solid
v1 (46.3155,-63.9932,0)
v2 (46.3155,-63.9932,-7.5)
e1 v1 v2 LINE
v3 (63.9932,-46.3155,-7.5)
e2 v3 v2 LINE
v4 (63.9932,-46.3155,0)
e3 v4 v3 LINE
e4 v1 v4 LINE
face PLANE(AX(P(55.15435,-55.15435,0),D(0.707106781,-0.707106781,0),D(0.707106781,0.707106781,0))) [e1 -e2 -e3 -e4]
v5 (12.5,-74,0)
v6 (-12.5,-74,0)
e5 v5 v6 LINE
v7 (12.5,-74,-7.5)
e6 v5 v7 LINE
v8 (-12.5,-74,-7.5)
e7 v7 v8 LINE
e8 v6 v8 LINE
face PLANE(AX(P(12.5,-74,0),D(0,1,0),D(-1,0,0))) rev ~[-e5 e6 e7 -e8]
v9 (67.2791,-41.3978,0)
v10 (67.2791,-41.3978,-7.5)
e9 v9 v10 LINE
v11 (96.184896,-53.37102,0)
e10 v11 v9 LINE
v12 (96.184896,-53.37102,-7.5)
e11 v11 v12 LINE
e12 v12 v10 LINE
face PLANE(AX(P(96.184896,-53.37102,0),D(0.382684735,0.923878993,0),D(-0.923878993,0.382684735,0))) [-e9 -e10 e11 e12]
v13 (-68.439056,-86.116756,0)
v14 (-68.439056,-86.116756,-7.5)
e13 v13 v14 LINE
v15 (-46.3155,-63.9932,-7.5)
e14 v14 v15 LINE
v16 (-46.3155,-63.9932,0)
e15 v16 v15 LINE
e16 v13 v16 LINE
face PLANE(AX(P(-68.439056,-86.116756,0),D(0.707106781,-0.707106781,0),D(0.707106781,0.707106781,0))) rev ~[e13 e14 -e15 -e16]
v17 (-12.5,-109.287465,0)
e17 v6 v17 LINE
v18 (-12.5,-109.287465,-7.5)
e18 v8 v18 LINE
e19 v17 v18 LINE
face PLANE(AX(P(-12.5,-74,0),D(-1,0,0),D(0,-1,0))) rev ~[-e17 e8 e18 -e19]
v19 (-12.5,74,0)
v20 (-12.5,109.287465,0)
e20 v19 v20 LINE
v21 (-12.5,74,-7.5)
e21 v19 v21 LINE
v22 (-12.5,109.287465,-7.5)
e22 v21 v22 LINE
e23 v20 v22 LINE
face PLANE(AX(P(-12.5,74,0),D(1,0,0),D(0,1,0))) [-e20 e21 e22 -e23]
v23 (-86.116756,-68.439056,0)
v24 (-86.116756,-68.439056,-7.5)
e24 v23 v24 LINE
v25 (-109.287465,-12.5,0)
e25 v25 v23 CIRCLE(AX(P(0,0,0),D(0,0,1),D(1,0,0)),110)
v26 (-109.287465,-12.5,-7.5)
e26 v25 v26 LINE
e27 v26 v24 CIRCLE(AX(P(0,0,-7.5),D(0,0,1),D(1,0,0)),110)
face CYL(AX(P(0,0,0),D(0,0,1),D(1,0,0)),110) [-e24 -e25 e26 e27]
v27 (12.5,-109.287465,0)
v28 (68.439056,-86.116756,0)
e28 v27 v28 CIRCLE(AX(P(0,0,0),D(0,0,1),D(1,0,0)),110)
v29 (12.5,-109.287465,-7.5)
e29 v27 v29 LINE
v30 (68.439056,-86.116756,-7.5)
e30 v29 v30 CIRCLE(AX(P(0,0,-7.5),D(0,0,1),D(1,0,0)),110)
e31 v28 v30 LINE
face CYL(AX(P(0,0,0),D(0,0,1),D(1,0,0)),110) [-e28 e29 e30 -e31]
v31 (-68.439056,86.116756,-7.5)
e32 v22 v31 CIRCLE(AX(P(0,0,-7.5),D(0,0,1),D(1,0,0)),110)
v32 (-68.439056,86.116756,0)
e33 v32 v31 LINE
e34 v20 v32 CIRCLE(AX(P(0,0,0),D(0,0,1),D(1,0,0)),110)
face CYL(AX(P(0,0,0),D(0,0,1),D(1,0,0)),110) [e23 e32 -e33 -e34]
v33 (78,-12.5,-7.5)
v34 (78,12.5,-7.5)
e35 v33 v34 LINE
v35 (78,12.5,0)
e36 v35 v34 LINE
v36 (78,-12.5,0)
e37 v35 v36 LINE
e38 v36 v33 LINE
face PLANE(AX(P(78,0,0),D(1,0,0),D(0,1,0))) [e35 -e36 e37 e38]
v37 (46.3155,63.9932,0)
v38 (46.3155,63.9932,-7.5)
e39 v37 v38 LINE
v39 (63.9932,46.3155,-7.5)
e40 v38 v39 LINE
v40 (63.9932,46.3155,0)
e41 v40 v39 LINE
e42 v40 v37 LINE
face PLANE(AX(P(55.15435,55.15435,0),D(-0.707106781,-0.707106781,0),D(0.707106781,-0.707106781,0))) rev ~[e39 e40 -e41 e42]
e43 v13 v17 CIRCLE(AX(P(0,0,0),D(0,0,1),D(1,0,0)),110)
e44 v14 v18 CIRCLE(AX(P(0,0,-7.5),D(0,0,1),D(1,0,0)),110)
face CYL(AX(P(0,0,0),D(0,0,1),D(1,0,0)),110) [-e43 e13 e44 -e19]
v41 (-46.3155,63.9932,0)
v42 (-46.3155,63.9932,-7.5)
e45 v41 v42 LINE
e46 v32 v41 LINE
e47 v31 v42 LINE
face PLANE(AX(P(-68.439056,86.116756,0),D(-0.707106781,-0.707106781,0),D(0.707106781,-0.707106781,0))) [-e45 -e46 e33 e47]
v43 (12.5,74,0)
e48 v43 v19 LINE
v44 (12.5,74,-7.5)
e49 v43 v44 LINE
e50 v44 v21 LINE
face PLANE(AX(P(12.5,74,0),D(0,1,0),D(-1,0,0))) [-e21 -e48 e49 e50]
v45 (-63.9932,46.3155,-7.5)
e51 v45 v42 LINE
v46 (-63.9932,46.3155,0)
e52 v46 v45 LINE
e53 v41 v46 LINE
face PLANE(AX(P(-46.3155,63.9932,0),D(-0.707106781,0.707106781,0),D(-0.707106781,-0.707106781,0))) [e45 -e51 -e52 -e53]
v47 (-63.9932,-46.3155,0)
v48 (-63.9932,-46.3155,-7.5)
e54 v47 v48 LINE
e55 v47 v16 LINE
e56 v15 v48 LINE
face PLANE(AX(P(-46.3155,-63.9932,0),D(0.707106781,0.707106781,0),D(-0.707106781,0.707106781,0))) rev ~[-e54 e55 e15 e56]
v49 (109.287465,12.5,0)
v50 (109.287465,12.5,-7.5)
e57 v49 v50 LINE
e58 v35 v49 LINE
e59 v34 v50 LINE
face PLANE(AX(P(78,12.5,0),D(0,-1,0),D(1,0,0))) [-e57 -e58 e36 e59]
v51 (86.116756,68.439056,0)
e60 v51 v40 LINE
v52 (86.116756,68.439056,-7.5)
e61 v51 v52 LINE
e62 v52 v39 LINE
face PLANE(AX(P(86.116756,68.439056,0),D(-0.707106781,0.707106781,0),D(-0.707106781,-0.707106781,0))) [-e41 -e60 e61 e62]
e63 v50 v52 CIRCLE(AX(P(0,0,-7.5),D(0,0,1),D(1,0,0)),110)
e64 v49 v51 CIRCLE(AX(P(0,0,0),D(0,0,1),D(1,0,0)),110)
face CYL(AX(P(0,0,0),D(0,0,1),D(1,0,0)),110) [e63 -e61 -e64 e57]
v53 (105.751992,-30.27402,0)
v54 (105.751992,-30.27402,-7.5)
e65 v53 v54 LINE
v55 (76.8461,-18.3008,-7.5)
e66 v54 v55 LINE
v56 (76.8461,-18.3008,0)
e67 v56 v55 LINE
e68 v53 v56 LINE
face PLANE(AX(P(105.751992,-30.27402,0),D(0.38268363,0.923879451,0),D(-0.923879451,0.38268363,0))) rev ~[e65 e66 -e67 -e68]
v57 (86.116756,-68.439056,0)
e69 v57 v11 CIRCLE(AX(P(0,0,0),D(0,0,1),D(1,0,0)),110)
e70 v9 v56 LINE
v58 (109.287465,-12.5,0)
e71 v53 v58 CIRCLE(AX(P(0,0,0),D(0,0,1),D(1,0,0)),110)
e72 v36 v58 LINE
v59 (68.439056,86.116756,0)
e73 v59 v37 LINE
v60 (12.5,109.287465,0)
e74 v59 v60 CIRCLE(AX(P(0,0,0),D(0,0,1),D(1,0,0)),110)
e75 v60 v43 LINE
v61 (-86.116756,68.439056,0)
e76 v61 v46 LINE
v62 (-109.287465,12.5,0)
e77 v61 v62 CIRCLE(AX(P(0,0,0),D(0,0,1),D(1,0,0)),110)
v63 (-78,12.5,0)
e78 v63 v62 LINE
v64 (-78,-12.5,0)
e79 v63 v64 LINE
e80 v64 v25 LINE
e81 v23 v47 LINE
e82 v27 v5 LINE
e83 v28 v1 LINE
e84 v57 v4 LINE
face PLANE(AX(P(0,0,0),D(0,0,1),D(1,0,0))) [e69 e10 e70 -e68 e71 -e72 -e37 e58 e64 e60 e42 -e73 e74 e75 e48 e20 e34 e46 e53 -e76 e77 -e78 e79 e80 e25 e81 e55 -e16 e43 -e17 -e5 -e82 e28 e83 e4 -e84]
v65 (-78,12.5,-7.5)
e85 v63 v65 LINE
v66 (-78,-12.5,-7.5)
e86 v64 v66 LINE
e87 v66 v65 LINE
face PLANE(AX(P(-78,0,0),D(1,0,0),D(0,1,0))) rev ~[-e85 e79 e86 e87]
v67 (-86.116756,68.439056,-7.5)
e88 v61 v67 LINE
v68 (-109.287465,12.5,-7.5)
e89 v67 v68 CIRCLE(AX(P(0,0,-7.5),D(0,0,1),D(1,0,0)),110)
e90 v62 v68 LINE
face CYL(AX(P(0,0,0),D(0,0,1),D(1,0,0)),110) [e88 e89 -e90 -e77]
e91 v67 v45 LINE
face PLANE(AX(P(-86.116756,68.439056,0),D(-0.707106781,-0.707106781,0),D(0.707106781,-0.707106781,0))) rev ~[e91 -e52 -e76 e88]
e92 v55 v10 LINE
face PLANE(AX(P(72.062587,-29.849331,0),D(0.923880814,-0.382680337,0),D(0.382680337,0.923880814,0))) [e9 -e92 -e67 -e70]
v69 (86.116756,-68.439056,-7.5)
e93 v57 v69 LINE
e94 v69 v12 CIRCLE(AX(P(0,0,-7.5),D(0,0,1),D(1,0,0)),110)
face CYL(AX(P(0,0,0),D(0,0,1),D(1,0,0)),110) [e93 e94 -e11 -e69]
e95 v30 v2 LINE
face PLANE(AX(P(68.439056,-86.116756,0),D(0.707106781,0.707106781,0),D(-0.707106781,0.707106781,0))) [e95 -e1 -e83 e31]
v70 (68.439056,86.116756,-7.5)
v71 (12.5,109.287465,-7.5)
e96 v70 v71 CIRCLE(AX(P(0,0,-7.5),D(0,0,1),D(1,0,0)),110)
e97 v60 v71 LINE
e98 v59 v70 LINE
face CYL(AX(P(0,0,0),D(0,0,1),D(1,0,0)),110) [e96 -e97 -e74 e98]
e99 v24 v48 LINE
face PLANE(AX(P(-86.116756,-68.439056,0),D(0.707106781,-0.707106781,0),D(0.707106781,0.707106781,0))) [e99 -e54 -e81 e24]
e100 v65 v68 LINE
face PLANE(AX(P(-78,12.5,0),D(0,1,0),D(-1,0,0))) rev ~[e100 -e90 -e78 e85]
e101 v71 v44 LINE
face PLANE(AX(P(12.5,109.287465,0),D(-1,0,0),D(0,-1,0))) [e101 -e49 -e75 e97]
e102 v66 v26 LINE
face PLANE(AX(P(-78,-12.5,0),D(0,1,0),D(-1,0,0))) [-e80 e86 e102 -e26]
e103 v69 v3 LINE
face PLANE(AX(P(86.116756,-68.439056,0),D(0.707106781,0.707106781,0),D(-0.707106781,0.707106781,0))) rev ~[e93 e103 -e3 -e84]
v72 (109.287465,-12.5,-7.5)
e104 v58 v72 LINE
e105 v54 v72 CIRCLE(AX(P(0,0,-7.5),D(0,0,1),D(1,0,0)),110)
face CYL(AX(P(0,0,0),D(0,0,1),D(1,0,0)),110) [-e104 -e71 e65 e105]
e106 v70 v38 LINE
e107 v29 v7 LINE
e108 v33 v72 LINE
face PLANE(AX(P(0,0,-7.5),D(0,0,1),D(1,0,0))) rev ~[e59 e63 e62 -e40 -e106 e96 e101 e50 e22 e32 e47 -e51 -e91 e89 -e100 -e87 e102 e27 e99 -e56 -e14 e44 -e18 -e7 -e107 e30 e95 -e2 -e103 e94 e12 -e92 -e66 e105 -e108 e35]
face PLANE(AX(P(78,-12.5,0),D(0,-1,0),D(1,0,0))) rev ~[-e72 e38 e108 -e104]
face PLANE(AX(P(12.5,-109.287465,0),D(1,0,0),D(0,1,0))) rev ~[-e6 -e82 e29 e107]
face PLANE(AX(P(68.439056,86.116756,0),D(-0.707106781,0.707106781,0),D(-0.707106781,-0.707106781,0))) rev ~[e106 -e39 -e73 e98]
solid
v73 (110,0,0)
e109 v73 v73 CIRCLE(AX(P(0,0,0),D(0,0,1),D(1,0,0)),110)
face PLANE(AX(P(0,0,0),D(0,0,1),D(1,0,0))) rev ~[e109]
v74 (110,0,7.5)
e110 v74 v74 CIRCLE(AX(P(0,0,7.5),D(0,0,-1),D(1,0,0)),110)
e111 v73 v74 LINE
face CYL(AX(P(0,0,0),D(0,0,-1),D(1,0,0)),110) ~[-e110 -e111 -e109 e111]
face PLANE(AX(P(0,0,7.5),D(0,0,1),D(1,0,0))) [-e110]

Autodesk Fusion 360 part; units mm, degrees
sketch "Skizze1" plane through (0, 0, 0) normal (0, 0, 1) x (1, 0, 0)
  circle A0 centre (0, 0) radius 110
  line L0 (-12.5, 110) -> (12.5, 110)
  line L1 (12.5, 110) -> (12.5, 74)
  line L2 (12.5, 74) -> (-12.5, 74)
  line L3 (-12.5, 74) -> (-12.5, 110)
  line L4 (0, 0) -> (77.7817, 77.7817)
  line L5 (0, 0) -> (110, 0) construction
  line L6 (0, 0) -> (-77.7817, 77.7817)
  line L7 (0, 0) -> (110, 0) construction
  line L8 (77.7817, 77.7817) -> (68.9429, 86.6206)
  line L9 (77.7817, 77.7817) -> (86.6206, 68.9429)
  line L10 (86.6206, 68.9429) -> (63.9932, 46.3155)
  line L11 (68.9429, 86.6206) -> (46.3155, 63.9932)
  line L12 (46.3155, 63.9932) -> (63.9932, 46.3155)
  line L13 (0, 2.5) -> (0, 20)
  line L14 (-86.6206, 68.9429) -> (-63.9932, 46.3155)
  line L15 (-46.3155, 63.9932) -> (-63.9932, 46.3155)
  line L16 (-68.9429, 86.6206) -> (-46.3155, 63.9932)
  line L17 (-77.7817, 77.7817) -> (-68.9429, 86.6206)
  line L18 (-77.7817, 77.7817) -> (-86.6206, 68.9429)
  line L19 (110, 0) -> (78, 0)
  line L20 (78, 0) -> (78, 12.5)
  line L21 (78, 12.5) -> (110, 12.5)
  line L22 (110, 12.5) -> (110, 0)
  line L23 (-78, 0) -> (-78, 12.5)
  line L24 (-78, 12.5) -> (-110, 12.5)
  line L25 (-110, 12.5) -> (-110, 0)
  line L26 (-78, -12.5) -> (-110, -12.5)
  line L27 (-78, 0) -> (-78, -12.5)
  line L28 (-86.6206, -68.9429) -> (-63.9932, -46.3155)
  line L29 (-77.7817, -77.7817) -> (-86.6206, -68.9429)
  line L30 (-77.7817, -77.7817) -> (-68.9429, -86.6206)
  line L31 (-68.9429, -86.6206) -> (-46.3155, -63.9932)
  line L32 (-46.3155, -63.9932) -> (-63.9932, -46.3155)
  line L33 (12.5, -74) -> (-12.5, -74)
  line L34 (12.5, -110) -> (12.5, -74)
  line L35 (-12.5, -74) -> (-12.5, -110)
  line L36 (-12.5, -110) -> (12.5, -110)
  line L37 (77.7817, -77.7817) -> (68.9429, -86.6206)
  line L38 (77.7817, -77.7817) -> (86.6206, -68.9429)
  line L39 (86.6206, -68.9429) -> (63.9932, -46.3155)
  line L40 (46.3155, -63.9932) -> (63.9932, -46.3155)
  line L41 (68.9429, -86.6206) -> (46.3155, -63.9932)
  line L42 (78, 0) -> (78, -12.5)
  line L43 (78, -12.5) -> (110, -12.5)
  line L44 (110, -12.5) -> (110, 0)
  line L45 (0, 0) -> (-55.1543, -55.1543)
  line L46 (0, 0) -> (55.1543, -55.1543)
  line L47 (0, 0) -> (-78, 0)
  line L48 (0, 0) -> (78, 0)
  line L49 (0, 0) -> (101.6267, -42.0952)
  line L50 (0, 0) -> (110, 0) construction
  line L51 (101.6267, -42.0952) -> (96.8432, -53.6437)
  line L52 (101.6267, -42.0952) -> (106.4103, -30.5467)
  line L53 (96.8432, -53.6437) -> (67.2791, -41.3978)
  line L54 (106.4103, -30.5467) -> (76.8461, -18.3008)
  line L55 (67.2791, -41.3978) -> (76.8461, -18.3008)
  dimension "d1" = 25
  dimension "d2" = 36
  dimension "d3" = 12.5
  dimension "d4" = 110
  dimension "d5" = 45
  dimension "d6" = 135
  dimension "d7" = 12.5
  dimension "d8" = 12.5
  dimension "d9" = 32
  dimension "d10" = 32
  dimension "d11" = 32
  dimension "d12" = 12.5
  dimension "d13" = 22.5
  dimension "d14" = 12.5
  dimension "d15" = 12.5
  dimension "d16" = 32
  dimension "d17" = 32
extrude "Extrusion1" add sketch "Skizze1" along normal blind 7.5 contours A0 L19 L20 L21 | A0 L19 L42 L43 | A0 L4 L10 L12 L20 L21 L48 | A0 L42 L43 L48 L49 L54 L55 | A0 L4 L10 L12 | A0 L49 L54 L55 | A0 L1 L2 L3 L4 L6 L11 L12 L15 L16 | A0 L6 L14 L15 L23 L24 L47 | A0 L31 L32 L33 L34 L35 L40 L41 L45 L46 | A0 L39 L40 L46 L49 L53 L55 | A0 L26 L27 L28 L32 L45 L47 | A0 L4 L11 L12 | A0 L49 L53 L55 | A0 L6 L14 L15 | A0 L6 L15 L16 | A0 L28 L31 L32 | A0 L39 L40 L41 | A0 L23 L24 L26 L27 | A0 L1 L2 L3 | A0 L33 L34 L35 makes body 1
extrude "Extrusion2" add sketch "Skizze1" against normal blind 7.5 separate body contours A0 L4 L10 L12 L20 L21 L48 | A0 L42 L43 L48 L49 L54 L55 | A0 L1 L2 L3 L4 L6 L11 L12 L15 L16 | A0 L6 L14 L15 L23 L24 L47 | A0 L31 L32 L33 L34 L35 L40 L41 L45 L46 | A0 L39 L40 L46 L49 L53 L55 | A0 L26 L27 L28 L32 L45 L47 makes body 2
